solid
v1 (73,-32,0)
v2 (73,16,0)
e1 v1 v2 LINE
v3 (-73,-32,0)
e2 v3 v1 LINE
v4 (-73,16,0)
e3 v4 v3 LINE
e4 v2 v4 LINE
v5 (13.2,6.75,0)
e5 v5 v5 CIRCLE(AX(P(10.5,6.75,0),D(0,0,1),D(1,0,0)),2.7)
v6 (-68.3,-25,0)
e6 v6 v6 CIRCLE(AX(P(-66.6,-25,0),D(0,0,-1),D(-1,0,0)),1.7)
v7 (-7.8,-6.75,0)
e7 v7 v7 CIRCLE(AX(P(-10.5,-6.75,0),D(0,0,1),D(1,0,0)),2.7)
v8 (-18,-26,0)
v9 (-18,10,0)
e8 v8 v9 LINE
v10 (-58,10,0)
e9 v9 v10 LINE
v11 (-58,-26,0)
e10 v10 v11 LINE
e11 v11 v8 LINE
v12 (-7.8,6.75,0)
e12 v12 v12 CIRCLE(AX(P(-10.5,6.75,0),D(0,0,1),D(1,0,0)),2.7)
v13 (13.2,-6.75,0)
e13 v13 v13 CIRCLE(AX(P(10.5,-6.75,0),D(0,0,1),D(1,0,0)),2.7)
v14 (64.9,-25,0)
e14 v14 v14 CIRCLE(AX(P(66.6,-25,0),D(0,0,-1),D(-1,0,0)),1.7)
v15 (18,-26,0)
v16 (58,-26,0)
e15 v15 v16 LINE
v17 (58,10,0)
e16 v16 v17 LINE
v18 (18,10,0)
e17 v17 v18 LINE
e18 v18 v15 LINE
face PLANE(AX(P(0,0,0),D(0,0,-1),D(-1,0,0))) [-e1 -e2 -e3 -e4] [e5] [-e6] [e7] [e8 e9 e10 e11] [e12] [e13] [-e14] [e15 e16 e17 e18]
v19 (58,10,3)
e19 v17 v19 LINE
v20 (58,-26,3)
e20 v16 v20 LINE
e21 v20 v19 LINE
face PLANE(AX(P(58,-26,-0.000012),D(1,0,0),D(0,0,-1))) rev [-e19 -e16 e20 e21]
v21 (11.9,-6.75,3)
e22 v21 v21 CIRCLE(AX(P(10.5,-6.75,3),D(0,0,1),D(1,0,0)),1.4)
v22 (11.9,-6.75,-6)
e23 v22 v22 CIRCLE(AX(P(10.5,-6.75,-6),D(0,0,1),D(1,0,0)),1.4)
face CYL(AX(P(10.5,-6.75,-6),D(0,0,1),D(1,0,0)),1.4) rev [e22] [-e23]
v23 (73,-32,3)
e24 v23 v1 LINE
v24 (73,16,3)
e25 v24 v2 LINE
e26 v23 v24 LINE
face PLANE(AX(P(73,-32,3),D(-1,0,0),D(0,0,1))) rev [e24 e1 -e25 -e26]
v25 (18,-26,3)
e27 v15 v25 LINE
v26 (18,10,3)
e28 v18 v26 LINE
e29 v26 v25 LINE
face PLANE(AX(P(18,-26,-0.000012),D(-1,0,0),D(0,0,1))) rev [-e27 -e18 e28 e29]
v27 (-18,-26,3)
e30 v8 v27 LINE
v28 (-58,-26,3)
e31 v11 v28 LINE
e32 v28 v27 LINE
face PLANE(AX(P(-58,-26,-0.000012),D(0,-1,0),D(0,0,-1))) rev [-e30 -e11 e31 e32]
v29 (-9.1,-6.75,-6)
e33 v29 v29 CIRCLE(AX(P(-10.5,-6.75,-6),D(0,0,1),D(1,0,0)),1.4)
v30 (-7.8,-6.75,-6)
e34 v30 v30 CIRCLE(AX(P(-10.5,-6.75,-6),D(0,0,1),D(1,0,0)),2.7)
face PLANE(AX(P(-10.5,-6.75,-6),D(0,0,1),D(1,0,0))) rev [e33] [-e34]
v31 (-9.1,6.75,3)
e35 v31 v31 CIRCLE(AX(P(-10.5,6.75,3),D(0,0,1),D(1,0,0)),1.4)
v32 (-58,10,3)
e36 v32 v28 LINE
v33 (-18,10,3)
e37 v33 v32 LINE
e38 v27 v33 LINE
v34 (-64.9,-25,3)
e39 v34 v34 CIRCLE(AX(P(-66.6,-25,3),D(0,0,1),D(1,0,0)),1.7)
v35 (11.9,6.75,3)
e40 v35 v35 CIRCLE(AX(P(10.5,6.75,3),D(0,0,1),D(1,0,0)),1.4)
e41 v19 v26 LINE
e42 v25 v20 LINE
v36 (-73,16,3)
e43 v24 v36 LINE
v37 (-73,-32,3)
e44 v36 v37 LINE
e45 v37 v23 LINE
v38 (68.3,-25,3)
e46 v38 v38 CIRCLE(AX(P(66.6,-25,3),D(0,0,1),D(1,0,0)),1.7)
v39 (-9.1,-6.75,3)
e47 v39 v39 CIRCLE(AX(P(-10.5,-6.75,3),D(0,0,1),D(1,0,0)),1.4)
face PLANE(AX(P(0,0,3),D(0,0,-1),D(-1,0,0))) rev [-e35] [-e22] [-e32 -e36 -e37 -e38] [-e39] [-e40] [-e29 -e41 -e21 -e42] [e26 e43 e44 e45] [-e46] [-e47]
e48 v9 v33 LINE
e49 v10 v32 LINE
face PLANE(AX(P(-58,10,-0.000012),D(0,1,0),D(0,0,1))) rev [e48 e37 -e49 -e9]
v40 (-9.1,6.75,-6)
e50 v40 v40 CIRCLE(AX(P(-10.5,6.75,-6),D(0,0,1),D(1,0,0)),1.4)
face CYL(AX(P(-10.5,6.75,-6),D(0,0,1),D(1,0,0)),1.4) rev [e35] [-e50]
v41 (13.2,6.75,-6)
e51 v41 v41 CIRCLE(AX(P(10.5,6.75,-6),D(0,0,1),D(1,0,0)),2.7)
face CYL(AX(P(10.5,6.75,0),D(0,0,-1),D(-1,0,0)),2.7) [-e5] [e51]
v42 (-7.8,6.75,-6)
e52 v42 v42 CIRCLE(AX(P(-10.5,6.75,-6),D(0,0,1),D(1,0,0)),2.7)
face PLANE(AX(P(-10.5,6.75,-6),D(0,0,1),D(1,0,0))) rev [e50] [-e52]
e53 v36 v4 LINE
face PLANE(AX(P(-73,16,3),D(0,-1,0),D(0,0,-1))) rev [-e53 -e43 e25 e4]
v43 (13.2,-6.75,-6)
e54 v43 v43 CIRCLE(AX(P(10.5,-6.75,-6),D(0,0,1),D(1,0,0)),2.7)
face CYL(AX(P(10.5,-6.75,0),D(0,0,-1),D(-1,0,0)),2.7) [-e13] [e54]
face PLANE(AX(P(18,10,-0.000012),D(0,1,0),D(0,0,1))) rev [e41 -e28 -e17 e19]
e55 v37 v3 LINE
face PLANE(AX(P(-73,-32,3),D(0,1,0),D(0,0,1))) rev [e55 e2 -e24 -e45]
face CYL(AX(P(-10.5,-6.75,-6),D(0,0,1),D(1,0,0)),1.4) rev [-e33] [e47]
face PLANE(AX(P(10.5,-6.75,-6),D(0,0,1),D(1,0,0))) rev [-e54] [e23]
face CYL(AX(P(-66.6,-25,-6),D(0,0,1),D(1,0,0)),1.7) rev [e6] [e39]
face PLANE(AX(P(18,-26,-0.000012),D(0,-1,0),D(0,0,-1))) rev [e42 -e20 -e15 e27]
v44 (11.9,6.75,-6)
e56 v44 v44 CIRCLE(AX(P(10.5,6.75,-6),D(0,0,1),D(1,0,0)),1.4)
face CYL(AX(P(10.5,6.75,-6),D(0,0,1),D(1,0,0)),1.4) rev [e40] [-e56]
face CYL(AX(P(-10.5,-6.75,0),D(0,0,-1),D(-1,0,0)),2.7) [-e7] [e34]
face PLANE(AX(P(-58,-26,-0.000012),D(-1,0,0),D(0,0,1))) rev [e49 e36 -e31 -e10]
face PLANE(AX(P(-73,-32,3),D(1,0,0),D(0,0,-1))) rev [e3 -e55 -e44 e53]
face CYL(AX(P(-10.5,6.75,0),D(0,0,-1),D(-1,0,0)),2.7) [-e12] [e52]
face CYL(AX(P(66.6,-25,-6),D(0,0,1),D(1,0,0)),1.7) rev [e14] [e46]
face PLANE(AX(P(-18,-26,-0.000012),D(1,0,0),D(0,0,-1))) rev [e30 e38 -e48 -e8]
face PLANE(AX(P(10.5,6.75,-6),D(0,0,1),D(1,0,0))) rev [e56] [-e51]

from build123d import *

# Parameters (mm, degrees)
SKETCH_1_W                 = 146
SKETCH_1_H                 = 48
EXTRUDE_146X48_DEPTH       = 3
CUT_EXTRUDE_492_DEPTH      = 80.76214641
CUT_EXTRUDE_492_DEPTH_BACK = 80.76214641
SKETCH_2_W                 = 40
SKETCH_2_H                 = 36
F_6MM_START                = -6
SKETCH_3_R                 = 2.7
F_6MM_DEPTH                = 6
F_2P8_3P4_DEPTH            = 80.931220434
F_2P8_3P4_DEPTH_BACK       = 80.931220434
SKETCH_4_R                 = 1.4
SKETCH_4_R_2               = 1.7


with BuildPart() as part:
    # 草图1 → 相机横梁146x48 (new body)
    with BuildSketch(Plane.XY):
        with Locations((0, -8)):
            Rectangle(SKETCH_1_W, SKETCH_1_H)
    extrude(amount=EXTRUDE_146X48_DEPTH)

    # 草图2 → Cut-Extrude 492 (cut, two sides: drawn at the far end of the back side and taken through both)
    with BuildSketch(Plane.XY.offset(-CUT_EXTRUDE_492_DEPTH_BACK)):
        with Locations((-38, -8)):
            Rectangle(SKETCH_2_W, SKETCH_2_H)
        with Locations((38, -8)):
            Rectangle(SKETCH_2_W, SKETCH_2_H)
    extrude(amount=CUT_EXTRUDE_492_DEPTH + CUT_EXTRUDE_492_DEPTH_BACK, mode=Mode.SUBTRACT)

    # 草图3 → 背面6mm间隔柱 (add)
    with BuildSketch(Plane.XY.offset(F_6MM_START)):
        with Locations((-10.5, -6.75)):
            Circle(SKETCH_3_R)
        with Locations((-10.5, 6.75)):
            Circle(SKETCH_3_R)
        with Locations((10.5, -6.75)):
            Circle(SKETCH_3_R)
        with Locations((10.5, 6.75)):
            Circle(SKETCH_3_R)
    extrude(amount=F_6MM_DEPTH)

    # 草图4 → 相机2p8孔与梁端3p4孔 (cut, two sides: drawn at the far end of the back side and taken through both)
    with BuildSketch(Plane.XY.offset(-F_2P8_3P4_DEPTH_BACK)):
        with Locations((-10.5, -6.75)):
            Circle(SKETCH_4_R)
        with Locations((-10.5, 6.75)):
            Circle(SKETCH_4_R)
        with Locations((10.5, -6.75)):
            Circle(SKETCH_4_R)
        with Locations((10.5, 6.75)):
            Circle(SKETCH_4_R)
        with Locations((-66.6, -25)):
            Circle(SKETCH_4_R_2)
        with Locations((66.6, -25)):
            Circle(SKETCH_4_R_2)
    extrude(amount=F_2P8_3P4_DEPTH + F_2P8_3P4_DEPTH_BACK, mode=Mode.SUBTRACT)


solid = part.part
